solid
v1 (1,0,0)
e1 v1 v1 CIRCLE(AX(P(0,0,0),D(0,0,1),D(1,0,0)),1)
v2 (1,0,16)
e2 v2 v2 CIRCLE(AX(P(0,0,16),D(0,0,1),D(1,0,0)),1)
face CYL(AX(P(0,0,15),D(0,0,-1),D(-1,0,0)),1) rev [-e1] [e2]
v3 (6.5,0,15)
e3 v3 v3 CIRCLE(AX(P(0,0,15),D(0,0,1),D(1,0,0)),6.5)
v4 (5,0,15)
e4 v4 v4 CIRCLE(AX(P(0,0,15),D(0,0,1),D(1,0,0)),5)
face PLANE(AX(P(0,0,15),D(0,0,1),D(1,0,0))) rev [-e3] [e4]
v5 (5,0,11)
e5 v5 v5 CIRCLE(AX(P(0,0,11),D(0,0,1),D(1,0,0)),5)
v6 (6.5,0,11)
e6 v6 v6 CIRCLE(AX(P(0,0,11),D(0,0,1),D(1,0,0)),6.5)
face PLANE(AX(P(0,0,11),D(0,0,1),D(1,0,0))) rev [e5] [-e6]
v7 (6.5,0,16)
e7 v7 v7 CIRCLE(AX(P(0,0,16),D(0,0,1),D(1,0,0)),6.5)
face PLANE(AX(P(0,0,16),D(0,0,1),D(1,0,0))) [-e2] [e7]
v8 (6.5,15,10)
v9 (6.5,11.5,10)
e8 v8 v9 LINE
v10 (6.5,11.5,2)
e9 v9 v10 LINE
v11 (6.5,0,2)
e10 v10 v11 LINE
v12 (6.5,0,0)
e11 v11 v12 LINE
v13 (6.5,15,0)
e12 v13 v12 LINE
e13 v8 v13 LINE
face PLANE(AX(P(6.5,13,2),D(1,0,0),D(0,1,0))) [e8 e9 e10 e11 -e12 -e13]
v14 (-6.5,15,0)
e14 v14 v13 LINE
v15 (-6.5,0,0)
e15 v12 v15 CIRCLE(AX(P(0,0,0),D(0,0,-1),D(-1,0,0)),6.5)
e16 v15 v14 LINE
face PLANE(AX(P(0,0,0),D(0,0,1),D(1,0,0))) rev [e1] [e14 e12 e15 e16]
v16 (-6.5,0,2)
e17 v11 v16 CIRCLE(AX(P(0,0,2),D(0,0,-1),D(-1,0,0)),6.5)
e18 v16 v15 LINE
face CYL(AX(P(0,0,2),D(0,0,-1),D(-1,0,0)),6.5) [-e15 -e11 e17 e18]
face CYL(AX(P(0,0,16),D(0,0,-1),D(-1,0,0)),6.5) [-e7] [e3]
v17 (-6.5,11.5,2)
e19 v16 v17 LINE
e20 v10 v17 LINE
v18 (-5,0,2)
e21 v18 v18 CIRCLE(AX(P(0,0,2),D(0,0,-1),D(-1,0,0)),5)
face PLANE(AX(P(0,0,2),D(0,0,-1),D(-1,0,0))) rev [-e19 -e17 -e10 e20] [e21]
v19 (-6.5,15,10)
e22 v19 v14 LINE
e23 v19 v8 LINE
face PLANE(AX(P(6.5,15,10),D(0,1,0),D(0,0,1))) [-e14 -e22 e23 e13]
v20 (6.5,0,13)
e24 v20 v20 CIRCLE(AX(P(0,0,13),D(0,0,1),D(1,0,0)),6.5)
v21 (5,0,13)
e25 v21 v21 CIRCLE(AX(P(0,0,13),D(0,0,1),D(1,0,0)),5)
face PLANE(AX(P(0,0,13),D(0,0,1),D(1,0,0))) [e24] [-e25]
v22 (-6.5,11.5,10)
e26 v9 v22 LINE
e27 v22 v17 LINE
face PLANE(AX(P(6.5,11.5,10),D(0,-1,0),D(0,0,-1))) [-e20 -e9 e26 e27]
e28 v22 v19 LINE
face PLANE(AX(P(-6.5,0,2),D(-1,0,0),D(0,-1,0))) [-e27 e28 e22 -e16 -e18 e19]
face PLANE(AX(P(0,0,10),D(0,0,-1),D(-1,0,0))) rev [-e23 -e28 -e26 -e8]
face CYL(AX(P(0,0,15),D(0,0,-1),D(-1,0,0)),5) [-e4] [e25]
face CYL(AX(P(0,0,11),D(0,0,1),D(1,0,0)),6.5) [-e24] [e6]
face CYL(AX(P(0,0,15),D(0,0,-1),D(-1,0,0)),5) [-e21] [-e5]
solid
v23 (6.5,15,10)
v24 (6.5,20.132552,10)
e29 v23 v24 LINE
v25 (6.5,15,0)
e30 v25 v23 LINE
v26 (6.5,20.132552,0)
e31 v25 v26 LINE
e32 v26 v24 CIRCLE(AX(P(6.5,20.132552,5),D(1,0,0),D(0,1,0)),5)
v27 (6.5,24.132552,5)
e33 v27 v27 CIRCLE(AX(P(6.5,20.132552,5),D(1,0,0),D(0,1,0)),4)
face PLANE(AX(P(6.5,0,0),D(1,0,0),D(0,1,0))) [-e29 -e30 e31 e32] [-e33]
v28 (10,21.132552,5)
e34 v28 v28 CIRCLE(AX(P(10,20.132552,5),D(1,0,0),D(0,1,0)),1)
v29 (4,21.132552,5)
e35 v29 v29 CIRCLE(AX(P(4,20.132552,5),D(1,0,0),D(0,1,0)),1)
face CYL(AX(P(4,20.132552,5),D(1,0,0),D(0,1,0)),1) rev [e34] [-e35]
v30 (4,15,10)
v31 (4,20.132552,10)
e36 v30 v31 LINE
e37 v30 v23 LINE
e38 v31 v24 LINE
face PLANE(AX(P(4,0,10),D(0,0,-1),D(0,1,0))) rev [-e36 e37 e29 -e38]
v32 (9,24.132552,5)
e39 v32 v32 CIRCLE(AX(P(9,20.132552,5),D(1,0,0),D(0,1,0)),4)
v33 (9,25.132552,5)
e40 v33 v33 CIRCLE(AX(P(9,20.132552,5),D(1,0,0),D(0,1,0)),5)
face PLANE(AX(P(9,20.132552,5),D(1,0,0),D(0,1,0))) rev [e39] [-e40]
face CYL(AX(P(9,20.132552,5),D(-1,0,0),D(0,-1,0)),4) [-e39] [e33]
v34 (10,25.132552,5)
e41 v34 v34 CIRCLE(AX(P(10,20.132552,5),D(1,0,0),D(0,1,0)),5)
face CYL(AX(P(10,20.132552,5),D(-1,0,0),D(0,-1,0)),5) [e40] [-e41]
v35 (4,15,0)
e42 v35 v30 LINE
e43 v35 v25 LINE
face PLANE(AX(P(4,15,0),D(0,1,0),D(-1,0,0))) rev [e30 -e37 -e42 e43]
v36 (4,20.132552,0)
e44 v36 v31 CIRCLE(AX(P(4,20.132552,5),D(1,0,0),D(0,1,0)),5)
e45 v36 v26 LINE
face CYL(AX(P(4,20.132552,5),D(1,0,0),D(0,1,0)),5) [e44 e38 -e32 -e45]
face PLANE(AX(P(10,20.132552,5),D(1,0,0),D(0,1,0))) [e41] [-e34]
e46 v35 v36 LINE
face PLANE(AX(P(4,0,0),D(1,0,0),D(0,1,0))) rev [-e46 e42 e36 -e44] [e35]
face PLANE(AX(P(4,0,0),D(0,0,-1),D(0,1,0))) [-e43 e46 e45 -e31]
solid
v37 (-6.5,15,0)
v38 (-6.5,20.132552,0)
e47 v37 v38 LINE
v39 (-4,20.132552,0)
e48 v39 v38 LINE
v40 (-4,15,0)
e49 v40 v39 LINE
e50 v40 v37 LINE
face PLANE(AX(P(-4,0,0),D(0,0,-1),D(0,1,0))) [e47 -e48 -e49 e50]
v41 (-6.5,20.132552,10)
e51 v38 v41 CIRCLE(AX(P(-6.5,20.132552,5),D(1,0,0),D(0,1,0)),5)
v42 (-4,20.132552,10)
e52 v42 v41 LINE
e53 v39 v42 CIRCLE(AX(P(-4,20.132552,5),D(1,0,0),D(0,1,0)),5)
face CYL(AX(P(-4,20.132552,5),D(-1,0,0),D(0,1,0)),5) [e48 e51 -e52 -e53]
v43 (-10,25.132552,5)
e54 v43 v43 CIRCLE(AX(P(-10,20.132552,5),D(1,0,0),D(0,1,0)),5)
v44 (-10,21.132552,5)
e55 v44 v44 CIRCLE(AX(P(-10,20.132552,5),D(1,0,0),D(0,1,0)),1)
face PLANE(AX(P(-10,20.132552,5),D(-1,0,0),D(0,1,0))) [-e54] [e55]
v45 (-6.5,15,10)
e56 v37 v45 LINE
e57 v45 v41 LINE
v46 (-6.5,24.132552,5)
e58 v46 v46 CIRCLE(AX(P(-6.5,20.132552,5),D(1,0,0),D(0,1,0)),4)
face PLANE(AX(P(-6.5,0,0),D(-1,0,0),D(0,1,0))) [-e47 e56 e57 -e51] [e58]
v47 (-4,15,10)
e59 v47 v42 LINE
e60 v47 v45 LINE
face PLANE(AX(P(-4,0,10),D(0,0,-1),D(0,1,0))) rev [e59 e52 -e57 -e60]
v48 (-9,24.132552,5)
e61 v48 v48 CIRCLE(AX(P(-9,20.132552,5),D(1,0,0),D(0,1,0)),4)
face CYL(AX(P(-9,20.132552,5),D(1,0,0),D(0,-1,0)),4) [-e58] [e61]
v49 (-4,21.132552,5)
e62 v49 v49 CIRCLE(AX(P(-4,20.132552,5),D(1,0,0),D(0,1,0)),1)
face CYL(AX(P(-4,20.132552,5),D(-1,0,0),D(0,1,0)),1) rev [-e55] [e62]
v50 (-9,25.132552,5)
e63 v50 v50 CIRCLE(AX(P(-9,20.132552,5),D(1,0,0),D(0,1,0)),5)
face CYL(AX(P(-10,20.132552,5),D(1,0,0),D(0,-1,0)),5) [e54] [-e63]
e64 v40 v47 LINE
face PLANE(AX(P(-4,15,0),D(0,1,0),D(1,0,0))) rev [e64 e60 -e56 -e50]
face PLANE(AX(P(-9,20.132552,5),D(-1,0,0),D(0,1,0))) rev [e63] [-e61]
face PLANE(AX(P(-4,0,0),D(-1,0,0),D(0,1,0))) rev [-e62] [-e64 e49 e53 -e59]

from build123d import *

# Parameters (mm, degrees)
SKETCH4_R            = 5
SKETCH4_R_2          = 1
BOSS_EXTRUDE5_DEPTH  = 15
BOSS_EXTRUDE7_START  = -4
SKETCH5_R            = 6.5
SKETCH5_R_2          = 1
BOSS_EXTRUDE7_DEPTH  = 2
SKETCH7_R            = 6.5
SKETCH7_R_2          = 1
BOSS_EXTRUDE8_DEPTH  = 1
SKETCH8_R            = 1
BOSS_EXTRUDE9_DEPTH  = 2
BOSS_EXTRUDE10_DEPTH = 10
SKETCH10_R           = 1
BOSS_EXTRUDE11_DEPTH = 2.5
SKETCH11_R           = 4
SKETCH11_R_2         = 1
BOSS_EXTRUDE12_DEPTH = 2.5
SKETCH12_R           = 5
SKETCH12_R_2         = 1
BOSS_EXTRUDE13_DEPTH = 1


with BuildPart() as part:
    # Sketch4 → Boss-Extrude5 (new body)
    with BuildSketch(Plane.XY):
        Circle(SKETCH4_R)
        Circle(SKETCH4_R_2, mode=Mode.SUBTRACT)
    extrude(amount=BOSS_EXTRUDE5_DEPTH)

    # Sketch5 → Boss-Extrude7 (add)
    with BuildSketch(Plane.XY.offset(15).offset(BOSS_EXTRUDE7_START)):
        Circle(SKETCH5_R)
        Circle(SKETCH5_R_2, mode=Mode.SUBTRACT)
    extrude(amount=BOSS_EXTRUDE7_DEPTH)

    # Sketch7 → Boss-Extrude8 (add)
    with BuildSketch(Plane.XY.offset(15)):
        Circle(SKETCH7_R)
        Circle(SKETCH7_R_2, mode=Mode.SUBTRACT)
    extrude(amount=BOSS_EXTRUDE8_DEPTH)

    # Sketch8 → Boss-Extrude9 (add)
    with BuildSketch(Plane(origin=(0, 0, 0), x_dir=(-1, 0, 0), z_dir=(0, 0, -1))):
        with BuildLine():
            Line((6.5, 0), (6.5, 13))
            Line((6.5, 13), (-6.5, 13))
            Line((-6.5, 13), (-6.5, 0))
            ThreePointArc((-6.5, 0), (0, -6.5), (6.5, 0))
        make_face()
        with Locations(Location((0, 0, 0), (0, 0, 180))):
            Circle(SKETCH8_R, mode=Mode.SUBTRACT)
    extrude(amount=-BOSS_EXTRUDE9_DEPTH)

    # Sketch9 → Boss-Extrude10 (add)
    with BuildSketch(Plane(origin=(0, 0, 0), x_dir=(-1, 0, 0), z_dir=(0, 0, -1))):
        Polygon((-6.5, 13), (-6.5, 15), (6.5, 15), (6.5, 13), (6.5, 11.5), (-6.5, 11.5), align=None)
    extrude(amount=-BOSS_EXTRUDE10_DEPTH)


with BuildPart() as body_2:
    # Sketch10 → Boss-Extrude11 (new body)
    with BuildSketch(Plane(origin=(6.5, 0, 0), x_dir=(0, 0, -1), z_dir=(1, 0, 0))):
        with BuildLine():
            Line((-10, 20.132551776), (-10, 15))
            Line((-10, 15), (0, 15))
            Line((0, 15), (0, 20.132551776))
            ThreePointArc((0, 20.132551776), (-5, 25.132551776), (-10, 20.132551776))
        make_face()
        with Locations(Location((-5, 20.132551776, 0), (0, 0, 90))):
            Circle(SKETCH10_R, mode=Mode.SUBTRACT)
    extrude(amount=-BOSS_EXTRUDE11_DEPTH)

    # Sketch11 → Boss-Extrude12 (add)
    with BuildSketch(Plane(origin=(6.5, 0, 0), x_dir=(0, 0, -1), z_dir=(1, 0, 0))):
        with Locations(Location((-5, 20.132551776, 0), (0, 0, 90))):
            Circle(SKETCH11_R)
        with Locations(Location((-5, 20.132551776, 0), (0, 0, 90))):
            Circle(SKETCH11_R_2, mode=Mode.SUBTRACT)
    extrude(amount=BOSS_EXTRUDE12_DEPTH)

    # Sketch12 → Boss-Extrude13 (add)
    with BuildSketch(Plane(origin=(9, 0, 0), x_dir=(0, 0, -1), z_dir=(1, 0, 0))):
        with Locations(Location((-5, 20.132551776, 0), (0, 0, 90))):
            Circle(SKETCH12_R)
        with Locations(Location((-5, 20.132551776, 0), (0, 0, 90))):
            Circle(SKETCH12_R_2, mode=Mode.SUBTRACT)
    extrude(amount=BOSS_EXTRUDE13_DEPTH)


with BuildPart() as body_3:
    # Mirror4: mirrored copy
    add(body_2.part.mirror(Plane(origin=(0, 0, 0), x_dir=(0, 0, 1), z_dir=(1, 0, 0))))


solid = Compound([part.part, body_2.part, body_3.part])
